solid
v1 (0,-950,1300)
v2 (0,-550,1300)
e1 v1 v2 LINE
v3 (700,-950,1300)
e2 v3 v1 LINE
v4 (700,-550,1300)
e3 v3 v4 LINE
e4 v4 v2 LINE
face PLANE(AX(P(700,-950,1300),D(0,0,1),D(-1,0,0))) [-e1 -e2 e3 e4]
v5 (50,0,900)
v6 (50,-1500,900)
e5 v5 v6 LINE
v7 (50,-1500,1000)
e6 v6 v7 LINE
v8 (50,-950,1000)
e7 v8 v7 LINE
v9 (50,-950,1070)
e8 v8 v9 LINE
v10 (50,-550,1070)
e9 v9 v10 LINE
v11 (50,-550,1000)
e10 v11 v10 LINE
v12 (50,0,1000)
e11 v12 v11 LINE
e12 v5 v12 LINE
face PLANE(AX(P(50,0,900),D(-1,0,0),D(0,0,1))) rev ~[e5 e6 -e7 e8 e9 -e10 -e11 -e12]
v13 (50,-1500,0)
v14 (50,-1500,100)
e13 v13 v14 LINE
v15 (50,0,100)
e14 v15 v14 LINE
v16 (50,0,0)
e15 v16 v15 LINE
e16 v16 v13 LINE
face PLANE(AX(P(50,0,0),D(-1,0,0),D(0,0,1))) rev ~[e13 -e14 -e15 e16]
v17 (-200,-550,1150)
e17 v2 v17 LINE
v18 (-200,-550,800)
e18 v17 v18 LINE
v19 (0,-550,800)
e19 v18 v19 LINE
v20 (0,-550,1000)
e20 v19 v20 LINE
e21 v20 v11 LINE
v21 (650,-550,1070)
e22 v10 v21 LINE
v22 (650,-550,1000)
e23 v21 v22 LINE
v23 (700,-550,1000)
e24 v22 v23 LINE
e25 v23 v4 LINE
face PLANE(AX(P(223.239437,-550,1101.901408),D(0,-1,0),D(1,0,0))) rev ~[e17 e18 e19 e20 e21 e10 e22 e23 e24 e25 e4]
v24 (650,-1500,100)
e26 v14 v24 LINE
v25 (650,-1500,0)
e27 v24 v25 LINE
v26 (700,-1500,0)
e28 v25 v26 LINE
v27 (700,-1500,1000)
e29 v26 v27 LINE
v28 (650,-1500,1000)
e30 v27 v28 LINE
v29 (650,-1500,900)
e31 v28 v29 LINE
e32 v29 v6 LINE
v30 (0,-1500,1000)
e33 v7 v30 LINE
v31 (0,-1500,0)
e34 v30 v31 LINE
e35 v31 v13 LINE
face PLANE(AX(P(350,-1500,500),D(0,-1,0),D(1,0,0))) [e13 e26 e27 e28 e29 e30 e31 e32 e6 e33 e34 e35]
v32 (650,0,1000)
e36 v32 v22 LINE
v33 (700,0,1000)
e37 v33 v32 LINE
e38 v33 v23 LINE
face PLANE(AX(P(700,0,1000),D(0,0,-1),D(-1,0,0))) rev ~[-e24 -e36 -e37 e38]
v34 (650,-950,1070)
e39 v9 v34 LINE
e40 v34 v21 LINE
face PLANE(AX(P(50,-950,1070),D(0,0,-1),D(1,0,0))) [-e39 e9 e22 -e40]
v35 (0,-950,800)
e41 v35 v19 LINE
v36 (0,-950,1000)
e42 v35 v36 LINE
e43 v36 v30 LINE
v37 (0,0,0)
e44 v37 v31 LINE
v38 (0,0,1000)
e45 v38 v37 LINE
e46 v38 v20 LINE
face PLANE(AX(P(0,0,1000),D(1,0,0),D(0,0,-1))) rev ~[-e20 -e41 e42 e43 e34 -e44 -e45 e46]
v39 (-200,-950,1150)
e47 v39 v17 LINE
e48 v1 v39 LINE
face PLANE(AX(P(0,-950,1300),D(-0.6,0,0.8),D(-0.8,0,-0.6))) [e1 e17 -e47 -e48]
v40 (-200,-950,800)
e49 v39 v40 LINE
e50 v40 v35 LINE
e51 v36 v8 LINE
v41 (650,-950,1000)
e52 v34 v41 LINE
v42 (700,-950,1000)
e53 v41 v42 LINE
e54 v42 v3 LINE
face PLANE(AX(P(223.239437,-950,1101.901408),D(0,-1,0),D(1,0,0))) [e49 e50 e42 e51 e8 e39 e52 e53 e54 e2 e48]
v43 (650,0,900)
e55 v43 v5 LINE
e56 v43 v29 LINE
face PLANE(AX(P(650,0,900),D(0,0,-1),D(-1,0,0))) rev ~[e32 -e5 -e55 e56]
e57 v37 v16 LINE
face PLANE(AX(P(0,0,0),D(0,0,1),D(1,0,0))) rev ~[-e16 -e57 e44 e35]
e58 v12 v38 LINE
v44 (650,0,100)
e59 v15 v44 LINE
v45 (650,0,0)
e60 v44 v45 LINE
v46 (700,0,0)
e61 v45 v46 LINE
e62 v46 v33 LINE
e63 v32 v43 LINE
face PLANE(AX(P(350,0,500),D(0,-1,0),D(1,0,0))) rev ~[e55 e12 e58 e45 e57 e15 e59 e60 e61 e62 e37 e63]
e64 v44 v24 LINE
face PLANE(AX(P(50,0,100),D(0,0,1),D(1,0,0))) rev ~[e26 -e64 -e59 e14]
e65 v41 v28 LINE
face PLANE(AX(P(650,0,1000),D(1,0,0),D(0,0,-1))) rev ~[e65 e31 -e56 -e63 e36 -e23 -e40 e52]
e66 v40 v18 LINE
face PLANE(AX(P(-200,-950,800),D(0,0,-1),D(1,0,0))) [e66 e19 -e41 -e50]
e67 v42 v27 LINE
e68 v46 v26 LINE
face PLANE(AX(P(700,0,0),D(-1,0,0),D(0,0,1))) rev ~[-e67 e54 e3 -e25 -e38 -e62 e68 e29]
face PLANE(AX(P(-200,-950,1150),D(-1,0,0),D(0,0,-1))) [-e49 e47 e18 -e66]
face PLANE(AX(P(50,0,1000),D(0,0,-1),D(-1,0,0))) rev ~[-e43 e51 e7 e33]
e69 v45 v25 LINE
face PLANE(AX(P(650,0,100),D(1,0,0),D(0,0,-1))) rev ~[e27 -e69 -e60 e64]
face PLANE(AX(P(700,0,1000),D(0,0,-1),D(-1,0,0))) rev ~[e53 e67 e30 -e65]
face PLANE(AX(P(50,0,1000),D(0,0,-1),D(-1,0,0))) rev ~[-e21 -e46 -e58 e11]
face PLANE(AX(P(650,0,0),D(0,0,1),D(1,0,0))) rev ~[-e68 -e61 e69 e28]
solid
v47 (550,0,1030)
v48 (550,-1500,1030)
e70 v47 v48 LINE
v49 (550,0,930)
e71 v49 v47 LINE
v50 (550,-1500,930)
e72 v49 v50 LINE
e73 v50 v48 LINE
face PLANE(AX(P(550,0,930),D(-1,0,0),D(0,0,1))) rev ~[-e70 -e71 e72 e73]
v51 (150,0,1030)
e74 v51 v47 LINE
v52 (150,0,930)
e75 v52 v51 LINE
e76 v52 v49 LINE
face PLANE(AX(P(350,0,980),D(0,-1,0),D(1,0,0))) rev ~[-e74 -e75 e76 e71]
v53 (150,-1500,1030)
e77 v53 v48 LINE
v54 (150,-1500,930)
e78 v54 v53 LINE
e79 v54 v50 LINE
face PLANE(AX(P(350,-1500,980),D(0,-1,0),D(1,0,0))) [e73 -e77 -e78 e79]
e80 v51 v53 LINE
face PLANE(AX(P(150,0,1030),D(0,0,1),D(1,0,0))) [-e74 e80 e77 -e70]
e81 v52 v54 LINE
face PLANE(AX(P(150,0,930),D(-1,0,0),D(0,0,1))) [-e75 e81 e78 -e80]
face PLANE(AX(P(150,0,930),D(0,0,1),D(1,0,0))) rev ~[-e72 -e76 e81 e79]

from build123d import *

# Parameters (mm, degrees)
F1_DEPTH = 1500
F0_W     = 400
F0_H     = 100
F4_DEPTH = 400


with BuildPart() as f1:
    # F0 (on Front) → F1 (new body)
    with BuildSketch(Plane.XZ):
        Polygon((0, 1000), (0, 0), (50, 0), (50, 100), (650, 100), (650, 0), (700, 0), (700, 1000), (650, 1000), (650, 900), (50, 900), (50, 1000), align=None)
    extrude(amount=F1_DEPTH)

    # F3 (on offset) → F4 (join)
    with BuildSketch(Plane.XZ.offset(950)):
        Polygon((0, 1000), (50, 1000), (50, 1070), (650, 1070), (650, 1000), (700, 1000), (700, 1300), (0, 1300), (-200, 1150), (-200, 800), (0, 800), align=None)
    extrude(amount=-F4_DEPTH)


with BuildPart() as f1b:
    # F0 (on Front) → F1, piece 2 (new body)
    with BuildSketch(Plane.XZ):
        with Locations((350, 980)):
            Rectangle(F0_W, F0_H)
    extrude(amount=F1_DEPTH)


solid = Compound([f1.part, f1b.part])
